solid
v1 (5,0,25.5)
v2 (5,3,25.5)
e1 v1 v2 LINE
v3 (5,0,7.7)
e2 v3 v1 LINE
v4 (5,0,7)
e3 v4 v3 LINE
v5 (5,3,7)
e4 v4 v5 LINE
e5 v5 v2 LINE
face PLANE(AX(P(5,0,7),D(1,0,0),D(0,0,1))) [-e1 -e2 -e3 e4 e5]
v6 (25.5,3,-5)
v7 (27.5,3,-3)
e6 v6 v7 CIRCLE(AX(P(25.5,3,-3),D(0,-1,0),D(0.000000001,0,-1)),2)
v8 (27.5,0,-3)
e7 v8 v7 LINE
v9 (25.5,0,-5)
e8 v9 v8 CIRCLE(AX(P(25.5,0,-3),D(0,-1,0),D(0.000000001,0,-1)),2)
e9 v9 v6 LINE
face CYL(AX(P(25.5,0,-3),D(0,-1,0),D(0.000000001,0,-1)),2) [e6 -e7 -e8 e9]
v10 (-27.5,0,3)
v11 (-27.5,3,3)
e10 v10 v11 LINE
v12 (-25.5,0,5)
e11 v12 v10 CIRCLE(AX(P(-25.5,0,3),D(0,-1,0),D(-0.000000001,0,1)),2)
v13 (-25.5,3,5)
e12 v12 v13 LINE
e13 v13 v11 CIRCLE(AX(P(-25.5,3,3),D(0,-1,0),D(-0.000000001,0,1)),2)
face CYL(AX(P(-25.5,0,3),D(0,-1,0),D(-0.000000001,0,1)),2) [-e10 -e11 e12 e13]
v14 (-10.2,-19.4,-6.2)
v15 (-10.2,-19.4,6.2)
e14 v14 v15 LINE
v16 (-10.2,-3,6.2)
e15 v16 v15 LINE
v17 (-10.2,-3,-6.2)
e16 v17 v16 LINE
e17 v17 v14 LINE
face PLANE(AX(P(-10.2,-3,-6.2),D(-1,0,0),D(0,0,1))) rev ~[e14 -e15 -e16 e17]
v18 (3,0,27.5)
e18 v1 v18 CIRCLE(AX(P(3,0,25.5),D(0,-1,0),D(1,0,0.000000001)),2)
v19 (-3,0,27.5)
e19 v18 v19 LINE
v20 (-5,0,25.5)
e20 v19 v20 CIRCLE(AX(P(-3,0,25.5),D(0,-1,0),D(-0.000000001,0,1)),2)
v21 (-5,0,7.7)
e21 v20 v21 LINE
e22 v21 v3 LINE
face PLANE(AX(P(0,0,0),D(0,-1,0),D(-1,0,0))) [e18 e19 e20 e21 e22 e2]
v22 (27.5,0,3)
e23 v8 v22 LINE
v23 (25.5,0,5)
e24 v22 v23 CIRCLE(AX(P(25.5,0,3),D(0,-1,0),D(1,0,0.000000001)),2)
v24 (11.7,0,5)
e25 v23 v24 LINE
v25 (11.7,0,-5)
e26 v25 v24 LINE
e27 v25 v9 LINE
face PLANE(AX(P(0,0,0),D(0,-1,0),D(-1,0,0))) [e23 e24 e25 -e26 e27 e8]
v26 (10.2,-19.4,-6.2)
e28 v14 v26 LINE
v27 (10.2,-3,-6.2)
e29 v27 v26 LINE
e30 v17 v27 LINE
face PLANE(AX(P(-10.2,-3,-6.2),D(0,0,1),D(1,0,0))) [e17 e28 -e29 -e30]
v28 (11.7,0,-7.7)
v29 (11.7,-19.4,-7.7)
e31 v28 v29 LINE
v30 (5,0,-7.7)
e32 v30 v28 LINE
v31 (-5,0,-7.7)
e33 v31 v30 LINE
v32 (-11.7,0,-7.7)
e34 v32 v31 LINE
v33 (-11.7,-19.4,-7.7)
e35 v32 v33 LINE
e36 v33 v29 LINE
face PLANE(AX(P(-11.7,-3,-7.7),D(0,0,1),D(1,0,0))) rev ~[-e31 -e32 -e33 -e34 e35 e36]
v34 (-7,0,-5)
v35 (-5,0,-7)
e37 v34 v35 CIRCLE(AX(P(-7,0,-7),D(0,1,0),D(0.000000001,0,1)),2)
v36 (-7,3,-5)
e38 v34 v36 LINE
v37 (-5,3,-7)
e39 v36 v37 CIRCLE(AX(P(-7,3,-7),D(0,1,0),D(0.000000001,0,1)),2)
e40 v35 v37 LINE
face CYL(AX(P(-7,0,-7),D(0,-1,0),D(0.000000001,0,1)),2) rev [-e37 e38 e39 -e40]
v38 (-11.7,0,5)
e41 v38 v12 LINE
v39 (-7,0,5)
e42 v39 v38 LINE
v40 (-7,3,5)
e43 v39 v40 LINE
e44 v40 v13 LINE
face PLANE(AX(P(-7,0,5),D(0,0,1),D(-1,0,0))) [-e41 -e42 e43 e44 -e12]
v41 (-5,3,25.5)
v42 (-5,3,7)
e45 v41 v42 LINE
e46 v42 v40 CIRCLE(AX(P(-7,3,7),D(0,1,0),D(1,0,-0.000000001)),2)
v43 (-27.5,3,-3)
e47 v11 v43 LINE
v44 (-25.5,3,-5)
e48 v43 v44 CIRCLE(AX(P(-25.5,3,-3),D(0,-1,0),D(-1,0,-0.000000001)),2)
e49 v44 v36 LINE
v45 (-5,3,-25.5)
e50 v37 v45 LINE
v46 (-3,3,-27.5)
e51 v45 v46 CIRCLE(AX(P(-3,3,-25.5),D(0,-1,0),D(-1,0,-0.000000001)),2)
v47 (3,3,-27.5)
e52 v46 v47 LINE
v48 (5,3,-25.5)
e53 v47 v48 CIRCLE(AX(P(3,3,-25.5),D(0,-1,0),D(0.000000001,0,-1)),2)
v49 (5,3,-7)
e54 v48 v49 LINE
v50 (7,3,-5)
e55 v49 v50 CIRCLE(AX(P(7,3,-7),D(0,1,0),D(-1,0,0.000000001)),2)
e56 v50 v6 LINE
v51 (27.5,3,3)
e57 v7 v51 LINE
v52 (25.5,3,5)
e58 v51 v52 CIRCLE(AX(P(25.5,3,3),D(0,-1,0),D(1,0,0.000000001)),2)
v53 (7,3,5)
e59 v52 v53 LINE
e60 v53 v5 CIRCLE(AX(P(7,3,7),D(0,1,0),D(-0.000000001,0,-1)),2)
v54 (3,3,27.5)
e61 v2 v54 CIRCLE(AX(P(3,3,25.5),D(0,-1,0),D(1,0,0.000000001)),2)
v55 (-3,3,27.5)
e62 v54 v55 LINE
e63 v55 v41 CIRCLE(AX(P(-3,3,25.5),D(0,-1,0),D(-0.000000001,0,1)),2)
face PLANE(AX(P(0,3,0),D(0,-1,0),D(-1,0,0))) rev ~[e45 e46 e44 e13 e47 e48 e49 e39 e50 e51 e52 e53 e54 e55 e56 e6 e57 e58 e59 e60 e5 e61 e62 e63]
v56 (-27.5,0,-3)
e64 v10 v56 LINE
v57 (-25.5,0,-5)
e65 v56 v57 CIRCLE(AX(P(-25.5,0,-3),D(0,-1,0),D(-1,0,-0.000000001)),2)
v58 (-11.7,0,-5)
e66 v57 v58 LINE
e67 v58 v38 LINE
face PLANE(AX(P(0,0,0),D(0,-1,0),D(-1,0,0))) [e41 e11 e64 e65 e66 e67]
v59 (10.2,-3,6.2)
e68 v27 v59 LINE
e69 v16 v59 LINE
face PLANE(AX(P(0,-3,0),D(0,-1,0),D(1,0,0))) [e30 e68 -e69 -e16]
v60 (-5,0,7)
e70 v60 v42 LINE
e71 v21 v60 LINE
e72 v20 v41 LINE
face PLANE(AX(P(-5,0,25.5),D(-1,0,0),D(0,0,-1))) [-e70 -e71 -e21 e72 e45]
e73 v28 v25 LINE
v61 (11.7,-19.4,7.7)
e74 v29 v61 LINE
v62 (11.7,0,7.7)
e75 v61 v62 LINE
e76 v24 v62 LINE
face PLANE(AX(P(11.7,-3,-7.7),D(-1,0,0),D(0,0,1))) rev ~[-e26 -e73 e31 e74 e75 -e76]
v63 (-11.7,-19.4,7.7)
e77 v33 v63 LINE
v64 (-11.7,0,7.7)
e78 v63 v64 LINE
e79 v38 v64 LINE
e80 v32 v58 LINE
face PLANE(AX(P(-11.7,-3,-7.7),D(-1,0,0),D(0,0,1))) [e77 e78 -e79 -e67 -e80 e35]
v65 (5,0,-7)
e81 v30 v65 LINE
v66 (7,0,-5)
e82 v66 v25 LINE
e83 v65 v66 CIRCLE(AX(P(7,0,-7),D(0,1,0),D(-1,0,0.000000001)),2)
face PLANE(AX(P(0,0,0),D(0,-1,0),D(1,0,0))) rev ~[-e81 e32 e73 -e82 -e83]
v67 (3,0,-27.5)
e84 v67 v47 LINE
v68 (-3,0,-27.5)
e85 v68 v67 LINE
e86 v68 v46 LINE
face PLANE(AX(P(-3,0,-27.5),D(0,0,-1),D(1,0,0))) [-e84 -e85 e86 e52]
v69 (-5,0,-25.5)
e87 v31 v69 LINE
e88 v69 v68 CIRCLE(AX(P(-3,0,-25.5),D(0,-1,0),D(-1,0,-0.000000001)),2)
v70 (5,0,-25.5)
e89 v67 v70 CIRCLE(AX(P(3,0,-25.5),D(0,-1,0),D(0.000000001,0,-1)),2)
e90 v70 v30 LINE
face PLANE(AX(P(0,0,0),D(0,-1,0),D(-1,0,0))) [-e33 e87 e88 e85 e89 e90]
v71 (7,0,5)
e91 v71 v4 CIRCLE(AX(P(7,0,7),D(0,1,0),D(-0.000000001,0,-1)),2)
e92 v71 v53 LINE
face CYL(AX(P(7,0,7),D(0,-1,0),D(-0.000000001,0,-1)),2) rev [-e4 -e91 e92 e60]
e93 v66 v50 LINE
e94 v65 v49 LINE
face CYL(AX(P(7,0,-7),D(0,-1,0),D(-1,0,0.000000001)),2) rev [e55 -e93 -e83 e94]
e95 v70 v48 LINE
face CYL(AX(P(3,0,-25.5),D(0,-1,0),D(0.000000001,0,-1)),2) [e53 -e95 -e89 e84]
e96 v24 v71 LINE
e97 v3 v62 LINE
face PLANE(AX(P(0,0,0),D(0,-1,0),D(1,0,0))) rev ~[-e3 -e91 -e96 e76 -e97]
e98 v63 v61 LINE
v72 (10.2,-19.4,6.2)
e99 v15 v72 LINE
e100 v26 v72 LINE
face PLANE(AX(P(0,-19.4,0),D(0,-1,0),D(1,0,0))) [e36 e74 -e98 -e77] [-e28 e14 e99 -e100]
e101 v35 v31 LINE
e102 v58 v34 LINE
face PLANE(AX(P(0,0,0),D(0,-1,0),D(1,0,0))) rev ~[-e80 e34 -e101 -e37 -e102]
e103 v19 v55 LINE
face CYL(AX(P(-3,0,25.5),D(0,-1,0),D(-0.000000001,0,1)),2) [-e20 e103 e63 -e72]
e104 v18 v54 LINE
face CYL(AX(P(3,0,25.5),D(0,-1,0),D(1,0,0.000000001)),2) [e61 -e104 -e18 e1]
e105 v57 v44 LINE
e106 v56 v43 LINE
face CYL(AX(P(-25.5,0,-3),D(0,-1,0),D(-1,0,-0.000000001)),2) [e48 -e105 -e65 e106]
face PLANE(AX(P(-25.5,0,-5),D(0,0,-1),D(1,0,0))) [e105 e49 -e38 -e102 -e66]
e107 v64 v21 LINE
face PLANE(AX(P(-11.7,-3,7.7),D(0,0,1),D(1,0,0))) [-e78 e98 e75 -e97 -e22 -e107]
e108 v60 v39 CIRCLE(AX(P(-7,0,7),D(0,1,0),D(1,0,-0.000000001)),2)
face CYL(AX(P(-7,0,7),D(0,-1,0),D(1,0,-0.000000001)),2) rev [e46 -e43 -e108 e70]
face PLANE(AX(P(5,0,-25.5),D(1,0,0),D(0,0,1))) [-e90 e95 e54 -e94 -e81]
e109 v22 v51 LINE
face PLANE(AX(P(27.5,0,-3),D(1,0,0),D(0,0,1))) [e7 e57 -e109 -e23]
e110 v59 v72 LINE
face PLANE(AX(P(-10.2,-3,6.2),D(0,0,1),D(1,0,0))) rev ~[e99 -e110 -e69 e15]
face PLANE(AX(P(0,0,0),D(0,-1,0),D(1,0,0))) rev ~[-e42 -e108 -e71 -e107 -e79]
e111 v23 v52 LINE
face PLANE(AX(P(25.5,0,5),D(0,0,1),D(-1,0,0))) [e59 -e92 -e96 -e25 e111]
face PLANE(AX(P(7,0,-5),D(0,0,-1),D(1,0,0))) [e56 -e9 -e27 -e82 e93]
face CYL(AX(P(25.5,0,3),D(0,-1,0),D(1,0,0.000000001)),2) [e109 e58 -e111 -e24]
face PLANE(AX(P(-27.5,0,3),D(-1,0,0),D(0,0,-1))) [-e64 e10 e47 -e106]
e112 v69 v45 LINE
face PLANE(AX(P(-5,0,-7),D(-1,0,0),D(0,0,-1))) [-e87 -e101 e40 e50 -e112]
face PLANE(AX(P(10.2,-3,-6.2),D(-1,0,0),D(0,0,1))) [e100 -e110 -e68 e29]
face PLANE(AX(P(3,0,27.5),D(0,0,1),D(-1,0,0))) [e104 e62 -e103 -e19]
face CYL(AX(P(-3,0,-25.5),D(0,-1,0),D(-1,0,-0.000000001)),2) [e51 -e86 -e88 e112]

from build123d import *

# Parameters (mm, degrees)
EXTRUDE_1_DEPTH = 3
SKETCH_2_W      = 23.4
SKETCH_2_H      = 15.4
EXTRUDE_2_DEPTH = 3
SKETCH_4_W      = 23.4
SKETCH_4_H      = 15.4
SKETCH_4_W_2    = 20.4
SKETCH_4_H_2    = 12.4
EXTRUDE_4_DEPTH = 16.4


with BuildPart() as part:
    # 草图1 → 凸台-拉伸1 (new body)
    with BuildSketch(Plane(origin=(0, 0, 0), x_dir=(1, 0, 0), z_dir=(0, 1, 0))):
        with BuildLine():
            Line((7, 5), (25.5, 5))
            ThreePointArc((25.5, 5), (26.914213562, 4.414213562), (27.5, 3))
            Line((27.5, 3), (27.5, -3))
            ThreePointArc((27.5, -3), (26.914213562, -4.414213562), (25.5, -5))
            Line((25.5, -5), (7, -5))
            ThreePointArc((7, -5), (5.585786438, -5.585786438), (5, -7))
            Line((5, -7), (5, -25.5))
            ThreePointArc((5, -25.5), (4.414213562, -26.914213562), (3, -27.5))
            Line((3, -27.5), (-3, -27.5))
            ThreePointArc((-3, -27.5), (-4.414213562, -26.914213562), (-5, -25.5))
            Line((-5, -25.5), (-5, -7))
            ThreePointArc((-5, -7), (-5.585786438, -5.585786438), (-7, -5))
            Line((-7, -5), (-25.5, -5))
            ThreePointArc((-25.5, -5), (-26.914213562, -4.414213562), (-27.5, -3))
            Line((-27.5, -3), (-27.5, 3))
            ThreePointArc((-27.5, 3), (-26.914213562, 4.414213562), (-25.5, 5))
            Line((-25.5, 5), (-7, 5))
            ThreePointArc((-7, 5), (-5.585786438, 5.585786438), (-5, 7))
            Line((-5, 7), (-5, 25.5))
            ThreePointArc((-5, 25.5), (-4.414213562, 26.914213562), (-3, 27.5))
            Line((-3, 27.5), (3, 27.5))
            ThreePointArc((3, 27.5), (4.414213562, 26.914213562), (5, 25.5))
            Line((5, 25.5), (5, 7))
            ThreePointArc((5, 7), (5.585786438, 5.585786438), (7, 5))
        make_face()
    extrude(amount=EXTRUDE_1_DEPTH)

    # 草图2 → 凸台-拉伸2 (add)
    with BuildSketch(Plane.XZ):
        Rectangle(SKETCH_2_W, SKETCH_2_H)
    extrude(amount=EXTRUDE_2_DEPTH)

    # 草图4 → 凸台-拉伸4 (add)
    with BuildSketch(Plane.XZ.offset(3)):
        Rectangle(SKETCH_4_W, SKETCH_4_H)
        Rectangle(SKETCH_4_W_2, SKETCH_4_H_2, mode=Mode.SUBTRACT)
    extrude(amount=EXTRUDE_4_DEPTH)


solid = part.part
